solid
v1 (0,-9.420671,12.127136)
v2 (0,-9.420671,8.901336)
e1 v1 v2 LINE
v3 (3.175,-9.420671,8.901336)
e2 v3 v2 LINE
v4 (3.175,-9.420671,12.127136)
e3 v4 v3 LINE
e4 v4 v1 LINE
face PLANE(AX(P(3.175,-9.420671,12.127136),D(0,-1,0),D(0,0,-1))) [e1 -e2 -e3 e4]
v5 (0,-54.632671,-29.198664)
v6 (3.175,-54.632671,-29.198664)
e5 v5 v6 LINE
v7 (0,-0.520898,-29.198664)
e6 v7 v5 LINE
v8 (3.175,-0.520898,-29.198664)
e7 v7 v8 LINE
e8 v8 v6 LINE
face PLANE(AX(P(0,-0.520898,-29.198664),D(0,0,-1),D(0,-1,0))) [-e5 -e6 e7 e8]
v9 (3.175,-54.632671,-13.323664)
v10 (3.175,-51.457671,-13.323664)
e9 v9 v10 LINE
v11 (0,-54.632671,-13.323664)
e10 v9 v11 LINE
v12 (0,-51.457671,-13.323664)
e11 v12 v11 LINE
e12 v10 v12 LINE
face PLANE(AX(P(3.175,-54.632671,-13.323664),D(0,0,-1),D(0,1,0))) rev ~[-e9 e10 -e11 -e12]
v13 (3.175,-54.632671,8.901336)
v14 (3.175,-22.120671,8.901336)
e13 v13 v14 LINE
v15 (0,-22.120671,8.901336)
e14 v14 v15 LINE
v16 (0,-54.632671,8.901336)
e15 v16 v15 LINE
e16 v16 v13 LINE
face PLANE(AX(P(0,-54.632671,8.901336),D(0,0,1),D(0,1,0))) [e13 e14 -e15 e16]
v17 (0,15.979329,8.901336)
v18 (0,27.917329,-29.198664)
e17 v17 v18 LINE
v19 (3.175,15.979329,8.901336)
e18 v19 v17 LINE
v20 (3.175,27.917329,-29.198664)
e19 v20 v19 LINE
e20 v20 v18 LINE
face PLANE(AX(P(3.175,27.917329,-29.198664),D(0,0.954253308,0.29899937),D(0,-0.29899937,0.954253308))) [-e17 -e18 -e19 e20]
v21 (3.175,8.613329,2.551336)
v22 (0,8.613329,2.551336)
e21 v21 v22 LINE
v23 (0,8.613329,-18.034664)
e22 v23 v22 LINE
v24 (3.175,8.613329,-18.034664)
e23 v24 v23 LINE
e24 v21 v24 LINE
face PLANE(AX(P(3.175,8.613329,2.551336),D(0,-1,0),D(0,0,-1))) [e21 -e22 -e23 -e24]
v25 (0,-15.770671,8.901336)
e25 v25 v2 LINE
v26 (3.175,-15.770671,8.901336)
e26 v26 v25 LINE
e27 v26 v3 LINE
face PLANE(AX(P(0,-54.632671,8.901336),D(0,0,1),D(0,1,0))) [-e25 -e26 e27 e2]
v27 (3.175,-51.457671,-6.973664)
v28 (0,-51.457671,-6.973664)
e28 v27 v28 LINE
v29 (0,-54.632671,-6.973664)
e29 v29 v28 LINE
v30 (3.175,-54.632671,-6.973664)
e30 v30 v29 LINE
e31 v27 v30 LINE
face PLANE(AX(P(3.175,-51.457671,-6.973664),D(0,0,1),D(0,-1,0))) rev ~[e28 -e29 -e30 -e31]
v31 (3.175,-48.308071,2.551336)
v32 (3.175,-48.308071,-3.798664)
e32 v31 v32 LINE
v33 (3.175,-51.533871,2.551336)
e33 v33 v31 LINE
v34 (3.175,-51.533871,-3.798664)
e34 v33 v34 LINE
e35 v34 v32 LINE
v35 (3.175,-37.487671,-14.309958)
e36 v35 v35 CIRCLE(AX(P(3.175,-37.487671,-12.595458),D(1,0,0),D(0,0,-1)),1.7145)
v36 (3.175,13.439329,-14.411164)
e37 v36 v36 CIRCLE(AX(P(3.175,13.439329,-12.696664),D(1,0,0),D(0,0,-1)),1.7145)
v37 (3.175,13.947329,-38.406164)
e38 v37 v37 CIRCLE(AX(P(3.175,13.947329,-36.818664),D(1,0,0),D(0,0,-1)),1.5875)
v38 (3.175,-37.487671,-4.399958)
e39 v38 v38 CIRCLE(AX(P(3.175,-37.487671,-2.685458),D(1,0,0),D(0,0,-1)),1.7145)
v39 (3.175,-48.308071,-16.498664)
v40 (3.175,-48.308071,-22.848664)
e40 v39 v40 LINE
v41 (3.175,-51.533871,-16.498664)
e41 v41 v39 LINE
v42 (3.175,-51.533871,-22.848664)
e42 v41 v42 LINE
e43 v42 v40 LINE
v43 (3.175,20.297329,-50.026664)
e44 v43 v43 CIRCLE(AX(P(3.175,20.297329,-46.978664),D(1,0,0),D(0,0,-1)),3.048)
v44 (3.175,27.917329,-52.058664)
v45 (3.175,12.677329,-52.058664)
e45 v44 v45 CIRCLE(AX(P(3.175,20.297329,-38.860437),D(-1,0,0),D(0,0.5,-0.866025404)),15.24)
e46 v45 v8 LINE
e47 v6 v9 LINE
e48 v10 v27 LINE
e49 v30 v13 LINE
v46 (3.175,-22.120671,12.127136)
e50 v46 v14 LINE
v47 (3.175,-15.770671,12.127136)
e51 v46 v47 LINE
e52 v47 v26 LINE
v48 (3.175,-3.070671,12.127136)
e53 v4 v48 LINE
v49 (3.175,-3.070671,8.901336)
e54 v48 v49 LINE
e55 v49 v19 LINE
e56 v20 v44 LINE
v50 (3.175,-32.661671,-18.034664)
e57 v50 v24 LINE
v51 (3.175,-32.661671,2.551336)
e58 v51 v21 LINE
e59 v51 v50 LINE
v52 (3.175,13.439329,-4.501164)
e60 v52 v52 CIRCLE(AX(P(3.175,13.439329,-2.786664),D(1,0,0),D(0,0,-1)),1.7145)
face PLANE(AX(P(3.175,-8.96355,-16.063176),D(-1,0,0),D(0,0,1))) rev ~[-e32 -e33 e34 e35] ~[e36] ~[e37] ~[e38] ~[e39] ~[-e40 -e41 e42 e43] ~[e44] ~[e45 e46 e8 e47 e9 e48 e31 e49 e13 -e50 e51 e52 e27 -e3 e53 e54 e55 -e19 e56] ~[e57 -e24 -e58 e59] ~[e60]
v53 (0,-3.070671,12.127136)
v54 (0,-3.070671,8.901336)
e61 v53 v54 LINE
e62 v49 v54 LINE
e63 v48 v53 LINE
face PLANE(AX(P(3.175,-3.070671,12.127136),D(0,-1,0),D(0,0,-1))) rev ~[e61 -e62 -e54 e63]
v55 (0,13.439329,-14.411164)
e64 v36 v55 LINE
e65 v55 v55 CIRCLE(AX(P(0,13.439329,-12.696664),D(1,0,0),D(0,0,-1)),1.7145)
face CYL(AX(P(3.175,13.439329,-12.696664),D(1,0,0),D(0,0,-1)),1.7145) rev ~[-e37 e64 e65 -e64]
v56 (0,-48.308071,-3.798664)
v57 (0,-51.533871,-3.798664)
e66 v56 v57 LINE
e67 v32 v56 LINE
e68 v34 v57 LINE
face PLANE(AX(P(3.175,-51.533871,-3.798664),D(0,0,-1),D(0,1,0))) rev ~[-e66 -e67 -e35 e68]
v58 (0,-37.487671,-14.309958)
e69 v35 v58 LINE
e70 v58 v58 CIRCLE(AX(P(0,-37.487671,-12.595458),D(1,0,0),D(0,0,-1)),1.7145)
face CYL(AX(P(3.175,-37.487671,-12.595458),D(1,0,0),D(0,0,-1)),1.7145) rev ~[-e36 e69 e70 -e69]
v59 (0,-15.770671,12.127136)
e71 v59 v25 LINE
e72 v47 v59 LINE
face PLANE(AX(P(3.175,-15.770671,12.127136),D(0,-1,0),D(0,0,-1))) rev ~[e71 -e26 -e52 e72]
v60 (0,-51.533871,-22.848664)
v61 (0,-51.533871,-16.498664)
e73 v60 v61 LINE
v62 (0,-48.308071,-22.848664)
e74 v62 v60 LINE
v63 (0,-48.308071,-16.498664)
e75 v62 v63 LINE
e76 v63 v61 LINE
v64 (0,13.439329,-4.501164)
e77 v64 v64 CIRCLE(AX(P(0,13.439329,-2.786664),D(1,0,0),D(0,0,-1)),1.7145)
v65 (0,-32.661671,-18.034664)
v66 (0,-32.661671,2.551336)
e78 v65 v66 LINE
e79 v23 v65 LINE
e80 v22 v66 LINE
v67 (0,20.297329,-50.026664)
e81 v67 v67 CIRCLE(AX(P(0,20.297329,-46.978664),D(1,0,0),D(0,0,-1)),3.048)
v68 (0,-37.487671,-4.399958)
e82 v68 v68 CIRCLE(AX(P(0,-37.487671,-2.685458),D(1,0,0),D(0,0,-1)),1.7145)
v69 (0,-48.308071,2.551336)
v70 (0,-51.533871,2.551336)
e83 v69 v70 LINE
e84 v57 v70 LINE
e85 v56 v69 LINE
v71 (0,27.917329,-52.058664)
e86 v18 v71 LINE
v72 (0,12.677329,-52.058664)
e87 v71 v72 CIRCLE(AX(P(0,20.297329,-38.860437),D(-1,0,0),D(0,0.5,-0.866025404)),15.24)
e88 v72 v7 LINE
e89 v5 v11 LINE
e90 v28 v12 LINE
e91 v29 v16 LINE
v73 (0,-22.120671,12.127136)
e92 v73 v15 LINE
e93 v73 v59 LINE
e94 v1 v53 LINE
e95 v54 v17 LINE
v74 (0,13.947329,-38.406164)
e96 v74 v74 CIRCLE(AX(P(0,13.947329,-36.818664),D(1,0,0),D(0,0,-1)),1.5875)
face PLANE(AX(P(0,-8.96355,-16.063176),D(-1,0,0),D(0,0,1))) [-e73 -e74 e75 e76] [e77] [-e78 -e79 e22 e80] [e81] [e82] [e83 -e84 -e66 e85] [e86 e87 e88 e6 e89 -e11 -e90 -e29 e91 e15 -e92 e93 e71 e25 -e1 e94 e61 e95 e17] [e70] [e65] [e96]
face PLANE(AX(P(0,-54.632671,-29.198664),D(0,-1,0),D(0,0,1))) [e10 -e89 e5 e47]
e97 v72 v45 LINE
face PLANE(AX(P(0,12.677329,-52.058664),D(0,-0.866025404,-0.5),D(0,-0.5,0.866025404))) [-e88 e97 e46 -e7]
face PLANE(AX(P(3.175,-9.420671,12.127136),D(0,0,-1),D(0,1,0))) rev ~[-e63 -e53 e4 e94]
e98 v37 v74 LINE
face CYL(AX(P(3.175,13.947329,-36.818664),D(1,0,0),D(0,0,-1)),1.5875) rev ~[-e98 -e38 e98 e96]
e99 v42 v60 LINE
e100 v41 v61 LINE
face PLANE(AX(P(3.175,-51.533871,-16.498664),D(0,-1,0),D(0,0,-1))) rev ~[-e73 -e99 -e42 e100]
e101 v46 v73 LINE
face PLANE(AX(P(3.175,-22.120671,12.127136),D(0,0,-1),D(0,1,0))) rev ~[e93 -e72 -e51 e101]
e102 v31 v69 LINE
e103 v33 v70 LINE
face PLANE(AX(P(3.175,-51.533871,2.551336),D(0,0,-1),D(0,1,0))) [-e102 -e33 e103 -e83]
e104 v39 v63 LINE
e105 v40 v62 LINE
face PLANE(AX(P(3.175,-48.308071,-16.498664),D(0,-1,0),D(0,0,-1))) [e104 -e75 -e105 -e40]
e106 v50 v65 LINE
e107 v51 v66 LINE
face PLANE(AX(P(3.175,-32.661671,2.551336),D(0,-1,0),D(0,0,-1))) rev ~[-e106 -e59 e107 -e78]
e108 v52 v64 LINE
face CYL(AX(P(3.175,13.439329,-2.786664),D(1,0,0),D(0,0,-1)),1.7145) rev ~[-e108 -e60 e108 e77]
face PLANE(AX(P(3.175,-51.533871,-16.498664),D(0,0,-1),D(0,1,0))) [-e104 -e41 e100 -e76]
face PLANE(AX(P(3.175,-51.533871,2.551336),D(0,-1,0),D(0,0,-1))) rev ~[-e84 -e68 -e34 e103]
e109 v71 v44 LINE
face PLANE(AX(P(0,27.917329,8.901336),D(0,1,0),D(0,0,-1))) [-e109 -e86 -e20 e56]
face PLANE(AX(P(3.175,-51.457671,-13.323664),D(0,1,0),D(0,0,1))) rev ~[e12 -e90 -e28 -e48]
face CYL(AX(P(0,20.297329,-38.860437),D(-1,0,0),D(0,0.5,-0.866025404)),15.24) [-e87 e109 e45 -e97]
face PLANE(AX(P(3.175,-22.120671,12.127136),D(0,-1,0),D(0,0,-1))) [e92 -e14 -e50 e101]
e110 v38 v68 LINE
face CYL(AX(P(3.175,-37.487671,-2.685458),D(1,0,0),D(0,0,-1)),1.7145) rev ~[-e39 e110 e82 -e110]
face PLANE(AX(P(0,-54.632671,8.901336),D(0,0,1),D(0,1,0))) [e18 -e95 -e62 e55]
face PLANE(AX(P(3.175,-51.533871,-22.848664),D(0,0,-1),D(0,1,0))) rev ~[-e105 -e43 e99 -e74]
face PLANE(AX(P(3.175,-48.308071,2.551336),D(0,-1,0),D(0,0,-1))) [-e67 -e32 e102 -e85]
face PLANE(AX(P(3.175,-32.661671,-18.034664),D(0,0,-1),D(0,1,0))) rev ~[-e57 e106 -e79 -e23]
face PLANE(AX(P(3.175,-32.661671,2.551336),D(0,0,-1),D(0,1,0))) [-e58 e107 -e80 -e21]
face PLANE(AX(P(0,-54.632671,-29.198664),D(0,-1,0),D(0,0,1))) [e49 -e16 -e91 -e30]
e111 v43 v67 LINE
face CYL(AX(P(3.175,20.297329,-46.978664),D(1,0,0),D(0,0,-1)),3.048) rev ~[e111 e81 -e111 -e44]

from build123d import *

# Parameters (mm, degrees)
BOSS_EXTRUDE1_DEPTH                 = 3.175
SKETCH2_R                           = 1.7145
SKETCH2_W                           = 20.586
SKETCH2_H                           = 41.275
CUT_FOR_MOTOR_DEPTH                 = 4.175
SKETCH3_R                           = 3.048
CUT_FOR_AXLE_DEPTH                  = 4.175
SKETCH4_W                           = 6.35
SKETCH4_H                           = 3.2258
CUT_FOR_TABS_DEPTH                  = 4.175
CUT_EXTRUDE6_DEPTH                  = 4.175
SKETCH9_W                           = 3.2258
SKETCH9_H                           = 6.35
TABS_FOR_BACK_PLATE_DEPTH           = 3.175
SKETCH10_R                          = 1.5875
CUT_FOR_BASIC_TILT_LOCK_SCREW_DEPTH = 4.175


with BuildPart() as part:
    # Sketch1 → Boss-Extrude1 (new body)
    with BuildSketch(Plane(origin=(0, 0, 0), x_dir=(0, 0, -1), z_dir=(1, 0, 0))):
        with BuildLine():
            Line((-8.901335672, 27.917328656), (29.198664328, 27.917328656))
            Line((29.198664328, 27.917328656), (52.058664328, 27.917328656))
            ThreePointArc((52.058664328, 27.917328656), (54.100437174, 20.297328656), (52.058664328, 12.677328656))
            Line((52.058664328, 12.677328656), (29.198664328, -0.520898498))
            Line((29.198664328, -0.520898498), (29.198664328, -54.632671344))
            Line((29.198664328, -54.632671344), (-8.901335672, -54.632671344))
            Line((-8.901335672, -54.632671344), (-8.901335672, 27.917328656))
        make_face()
    extrude(amount=BOSS_EXTRUDE1_DEPTH)

    # Sketch2 → cut for motor (cut, through all)
    with BuildSketch(Plane(origin=(3.175, 0, 0), x_dir=(0, 0, -1), z_dir=(1, 0, 0))):
        with Locations((12.696664328, 13.439328656)):
            Circle(SKETCH2_R)
        with Locations((2.786664328, 13.439328656)):
            Circle(SKETCH2_R)
        with Locations((12.595457687, -37.487671344)):
            Circle(SKETCH2_R)
        with Locations((2.685457687, -37.487671344)):
            Circle(SKETCH2_R)
        with Locations((7.741664328, -12.024171344)):
            Rectangle(SKETCH2_W, SKETCH2_H)
    extrude(amount=-CUT_FOR_MOTOR_DEPTH, mode=Mode.SUBTRACT)

    # Sketch3 → cut for axle (cut, through all)
    with BuildSketch(Plane(origin=(3.175, 0, 0), x_dir=(0, 0, -1), z_dir=(1, 0, 0))):
        with Locations((46.978664328, 20.297328656)):
            Circle(SKETCH3_R)
    extrude(amount=-CUT_FOR_AXLE_DEPTH, mode=Mode.SUBTRACT)

    # Sketch4 → cut for tabs (cut, through all)
    with BuildSketch(Plane(origin=(3.175, 0, 0), x_dir=(0, 0, -1), z_dir=(1, 0, 0))):
        with Locations((0.623664328, -49.920971344)):
            Rectangle(SKETCH4_W, SKETCH4_H)
        with Locations((19.673664328, -49.920971344)):
            Rectangle(SKETCH4_W, SKETCH4_H)
        Polygon((10.148664328, -54.632671344), (13.323664328, -54.632671344), (13.323664328, -51.457671344), (6.973664328, -51.457671344), (6.973664328, -54.632671344), align=None)
    extrude(amount=-CUT_FOR_TABS_DEPTH, mode=Mode.SUBTRACT)

    # Sketch8 → Cut-Extrude6 (cut, through all)
    with BuildSketch(Plane(origin=(3.175, 0, 0), x_dir=(0, 0, -1), z_dir=(1, 0, 0))):
        Polygon((29.198664328, 27.917328656), (-8.901335672, 15.979328656), (-8.901335672, 27.917328656), align=None)
    extrude(amount=-CUT_EXTRUDE6_DEPTH, mode=Mode.SUBTRACT)

    # Sketch9 → tabs for back plate (add)
    with BuildSketch(Plane(origin=(3.175, 0, 0), x_dir=(0, 0, -1), z_dir=(1, 0, 0))):
        with Locations((-10.514235672, -6.245671344)):
            Rectangle(SKETCH9_W, SKETCH9_H)
        with Locations((-10.514235672, -18.945671344)):
            Rectangle(SKETCH9_W, SKETCH9_H)
    extrude(amount=-TABS_FOR_BACK_PLATE_DEPTH)

    # Sketch10 → cut for basic tilt lock screw (cut, through all)
    with BuildSketch(Plane(origin=(3.175, 0, 0), x_dir=(0, 0, -1), z_dir=(1, 0, 0))):
        with Locations((36.818664328, 13.947328656)):
            Circle(SKETCH10_R)
    extrude(amount=-CUT_FOR_BASIC_TILT_LOCK_SCREW_DEPTH, mode=Mode.SUBTRACT)


solid = part.part
